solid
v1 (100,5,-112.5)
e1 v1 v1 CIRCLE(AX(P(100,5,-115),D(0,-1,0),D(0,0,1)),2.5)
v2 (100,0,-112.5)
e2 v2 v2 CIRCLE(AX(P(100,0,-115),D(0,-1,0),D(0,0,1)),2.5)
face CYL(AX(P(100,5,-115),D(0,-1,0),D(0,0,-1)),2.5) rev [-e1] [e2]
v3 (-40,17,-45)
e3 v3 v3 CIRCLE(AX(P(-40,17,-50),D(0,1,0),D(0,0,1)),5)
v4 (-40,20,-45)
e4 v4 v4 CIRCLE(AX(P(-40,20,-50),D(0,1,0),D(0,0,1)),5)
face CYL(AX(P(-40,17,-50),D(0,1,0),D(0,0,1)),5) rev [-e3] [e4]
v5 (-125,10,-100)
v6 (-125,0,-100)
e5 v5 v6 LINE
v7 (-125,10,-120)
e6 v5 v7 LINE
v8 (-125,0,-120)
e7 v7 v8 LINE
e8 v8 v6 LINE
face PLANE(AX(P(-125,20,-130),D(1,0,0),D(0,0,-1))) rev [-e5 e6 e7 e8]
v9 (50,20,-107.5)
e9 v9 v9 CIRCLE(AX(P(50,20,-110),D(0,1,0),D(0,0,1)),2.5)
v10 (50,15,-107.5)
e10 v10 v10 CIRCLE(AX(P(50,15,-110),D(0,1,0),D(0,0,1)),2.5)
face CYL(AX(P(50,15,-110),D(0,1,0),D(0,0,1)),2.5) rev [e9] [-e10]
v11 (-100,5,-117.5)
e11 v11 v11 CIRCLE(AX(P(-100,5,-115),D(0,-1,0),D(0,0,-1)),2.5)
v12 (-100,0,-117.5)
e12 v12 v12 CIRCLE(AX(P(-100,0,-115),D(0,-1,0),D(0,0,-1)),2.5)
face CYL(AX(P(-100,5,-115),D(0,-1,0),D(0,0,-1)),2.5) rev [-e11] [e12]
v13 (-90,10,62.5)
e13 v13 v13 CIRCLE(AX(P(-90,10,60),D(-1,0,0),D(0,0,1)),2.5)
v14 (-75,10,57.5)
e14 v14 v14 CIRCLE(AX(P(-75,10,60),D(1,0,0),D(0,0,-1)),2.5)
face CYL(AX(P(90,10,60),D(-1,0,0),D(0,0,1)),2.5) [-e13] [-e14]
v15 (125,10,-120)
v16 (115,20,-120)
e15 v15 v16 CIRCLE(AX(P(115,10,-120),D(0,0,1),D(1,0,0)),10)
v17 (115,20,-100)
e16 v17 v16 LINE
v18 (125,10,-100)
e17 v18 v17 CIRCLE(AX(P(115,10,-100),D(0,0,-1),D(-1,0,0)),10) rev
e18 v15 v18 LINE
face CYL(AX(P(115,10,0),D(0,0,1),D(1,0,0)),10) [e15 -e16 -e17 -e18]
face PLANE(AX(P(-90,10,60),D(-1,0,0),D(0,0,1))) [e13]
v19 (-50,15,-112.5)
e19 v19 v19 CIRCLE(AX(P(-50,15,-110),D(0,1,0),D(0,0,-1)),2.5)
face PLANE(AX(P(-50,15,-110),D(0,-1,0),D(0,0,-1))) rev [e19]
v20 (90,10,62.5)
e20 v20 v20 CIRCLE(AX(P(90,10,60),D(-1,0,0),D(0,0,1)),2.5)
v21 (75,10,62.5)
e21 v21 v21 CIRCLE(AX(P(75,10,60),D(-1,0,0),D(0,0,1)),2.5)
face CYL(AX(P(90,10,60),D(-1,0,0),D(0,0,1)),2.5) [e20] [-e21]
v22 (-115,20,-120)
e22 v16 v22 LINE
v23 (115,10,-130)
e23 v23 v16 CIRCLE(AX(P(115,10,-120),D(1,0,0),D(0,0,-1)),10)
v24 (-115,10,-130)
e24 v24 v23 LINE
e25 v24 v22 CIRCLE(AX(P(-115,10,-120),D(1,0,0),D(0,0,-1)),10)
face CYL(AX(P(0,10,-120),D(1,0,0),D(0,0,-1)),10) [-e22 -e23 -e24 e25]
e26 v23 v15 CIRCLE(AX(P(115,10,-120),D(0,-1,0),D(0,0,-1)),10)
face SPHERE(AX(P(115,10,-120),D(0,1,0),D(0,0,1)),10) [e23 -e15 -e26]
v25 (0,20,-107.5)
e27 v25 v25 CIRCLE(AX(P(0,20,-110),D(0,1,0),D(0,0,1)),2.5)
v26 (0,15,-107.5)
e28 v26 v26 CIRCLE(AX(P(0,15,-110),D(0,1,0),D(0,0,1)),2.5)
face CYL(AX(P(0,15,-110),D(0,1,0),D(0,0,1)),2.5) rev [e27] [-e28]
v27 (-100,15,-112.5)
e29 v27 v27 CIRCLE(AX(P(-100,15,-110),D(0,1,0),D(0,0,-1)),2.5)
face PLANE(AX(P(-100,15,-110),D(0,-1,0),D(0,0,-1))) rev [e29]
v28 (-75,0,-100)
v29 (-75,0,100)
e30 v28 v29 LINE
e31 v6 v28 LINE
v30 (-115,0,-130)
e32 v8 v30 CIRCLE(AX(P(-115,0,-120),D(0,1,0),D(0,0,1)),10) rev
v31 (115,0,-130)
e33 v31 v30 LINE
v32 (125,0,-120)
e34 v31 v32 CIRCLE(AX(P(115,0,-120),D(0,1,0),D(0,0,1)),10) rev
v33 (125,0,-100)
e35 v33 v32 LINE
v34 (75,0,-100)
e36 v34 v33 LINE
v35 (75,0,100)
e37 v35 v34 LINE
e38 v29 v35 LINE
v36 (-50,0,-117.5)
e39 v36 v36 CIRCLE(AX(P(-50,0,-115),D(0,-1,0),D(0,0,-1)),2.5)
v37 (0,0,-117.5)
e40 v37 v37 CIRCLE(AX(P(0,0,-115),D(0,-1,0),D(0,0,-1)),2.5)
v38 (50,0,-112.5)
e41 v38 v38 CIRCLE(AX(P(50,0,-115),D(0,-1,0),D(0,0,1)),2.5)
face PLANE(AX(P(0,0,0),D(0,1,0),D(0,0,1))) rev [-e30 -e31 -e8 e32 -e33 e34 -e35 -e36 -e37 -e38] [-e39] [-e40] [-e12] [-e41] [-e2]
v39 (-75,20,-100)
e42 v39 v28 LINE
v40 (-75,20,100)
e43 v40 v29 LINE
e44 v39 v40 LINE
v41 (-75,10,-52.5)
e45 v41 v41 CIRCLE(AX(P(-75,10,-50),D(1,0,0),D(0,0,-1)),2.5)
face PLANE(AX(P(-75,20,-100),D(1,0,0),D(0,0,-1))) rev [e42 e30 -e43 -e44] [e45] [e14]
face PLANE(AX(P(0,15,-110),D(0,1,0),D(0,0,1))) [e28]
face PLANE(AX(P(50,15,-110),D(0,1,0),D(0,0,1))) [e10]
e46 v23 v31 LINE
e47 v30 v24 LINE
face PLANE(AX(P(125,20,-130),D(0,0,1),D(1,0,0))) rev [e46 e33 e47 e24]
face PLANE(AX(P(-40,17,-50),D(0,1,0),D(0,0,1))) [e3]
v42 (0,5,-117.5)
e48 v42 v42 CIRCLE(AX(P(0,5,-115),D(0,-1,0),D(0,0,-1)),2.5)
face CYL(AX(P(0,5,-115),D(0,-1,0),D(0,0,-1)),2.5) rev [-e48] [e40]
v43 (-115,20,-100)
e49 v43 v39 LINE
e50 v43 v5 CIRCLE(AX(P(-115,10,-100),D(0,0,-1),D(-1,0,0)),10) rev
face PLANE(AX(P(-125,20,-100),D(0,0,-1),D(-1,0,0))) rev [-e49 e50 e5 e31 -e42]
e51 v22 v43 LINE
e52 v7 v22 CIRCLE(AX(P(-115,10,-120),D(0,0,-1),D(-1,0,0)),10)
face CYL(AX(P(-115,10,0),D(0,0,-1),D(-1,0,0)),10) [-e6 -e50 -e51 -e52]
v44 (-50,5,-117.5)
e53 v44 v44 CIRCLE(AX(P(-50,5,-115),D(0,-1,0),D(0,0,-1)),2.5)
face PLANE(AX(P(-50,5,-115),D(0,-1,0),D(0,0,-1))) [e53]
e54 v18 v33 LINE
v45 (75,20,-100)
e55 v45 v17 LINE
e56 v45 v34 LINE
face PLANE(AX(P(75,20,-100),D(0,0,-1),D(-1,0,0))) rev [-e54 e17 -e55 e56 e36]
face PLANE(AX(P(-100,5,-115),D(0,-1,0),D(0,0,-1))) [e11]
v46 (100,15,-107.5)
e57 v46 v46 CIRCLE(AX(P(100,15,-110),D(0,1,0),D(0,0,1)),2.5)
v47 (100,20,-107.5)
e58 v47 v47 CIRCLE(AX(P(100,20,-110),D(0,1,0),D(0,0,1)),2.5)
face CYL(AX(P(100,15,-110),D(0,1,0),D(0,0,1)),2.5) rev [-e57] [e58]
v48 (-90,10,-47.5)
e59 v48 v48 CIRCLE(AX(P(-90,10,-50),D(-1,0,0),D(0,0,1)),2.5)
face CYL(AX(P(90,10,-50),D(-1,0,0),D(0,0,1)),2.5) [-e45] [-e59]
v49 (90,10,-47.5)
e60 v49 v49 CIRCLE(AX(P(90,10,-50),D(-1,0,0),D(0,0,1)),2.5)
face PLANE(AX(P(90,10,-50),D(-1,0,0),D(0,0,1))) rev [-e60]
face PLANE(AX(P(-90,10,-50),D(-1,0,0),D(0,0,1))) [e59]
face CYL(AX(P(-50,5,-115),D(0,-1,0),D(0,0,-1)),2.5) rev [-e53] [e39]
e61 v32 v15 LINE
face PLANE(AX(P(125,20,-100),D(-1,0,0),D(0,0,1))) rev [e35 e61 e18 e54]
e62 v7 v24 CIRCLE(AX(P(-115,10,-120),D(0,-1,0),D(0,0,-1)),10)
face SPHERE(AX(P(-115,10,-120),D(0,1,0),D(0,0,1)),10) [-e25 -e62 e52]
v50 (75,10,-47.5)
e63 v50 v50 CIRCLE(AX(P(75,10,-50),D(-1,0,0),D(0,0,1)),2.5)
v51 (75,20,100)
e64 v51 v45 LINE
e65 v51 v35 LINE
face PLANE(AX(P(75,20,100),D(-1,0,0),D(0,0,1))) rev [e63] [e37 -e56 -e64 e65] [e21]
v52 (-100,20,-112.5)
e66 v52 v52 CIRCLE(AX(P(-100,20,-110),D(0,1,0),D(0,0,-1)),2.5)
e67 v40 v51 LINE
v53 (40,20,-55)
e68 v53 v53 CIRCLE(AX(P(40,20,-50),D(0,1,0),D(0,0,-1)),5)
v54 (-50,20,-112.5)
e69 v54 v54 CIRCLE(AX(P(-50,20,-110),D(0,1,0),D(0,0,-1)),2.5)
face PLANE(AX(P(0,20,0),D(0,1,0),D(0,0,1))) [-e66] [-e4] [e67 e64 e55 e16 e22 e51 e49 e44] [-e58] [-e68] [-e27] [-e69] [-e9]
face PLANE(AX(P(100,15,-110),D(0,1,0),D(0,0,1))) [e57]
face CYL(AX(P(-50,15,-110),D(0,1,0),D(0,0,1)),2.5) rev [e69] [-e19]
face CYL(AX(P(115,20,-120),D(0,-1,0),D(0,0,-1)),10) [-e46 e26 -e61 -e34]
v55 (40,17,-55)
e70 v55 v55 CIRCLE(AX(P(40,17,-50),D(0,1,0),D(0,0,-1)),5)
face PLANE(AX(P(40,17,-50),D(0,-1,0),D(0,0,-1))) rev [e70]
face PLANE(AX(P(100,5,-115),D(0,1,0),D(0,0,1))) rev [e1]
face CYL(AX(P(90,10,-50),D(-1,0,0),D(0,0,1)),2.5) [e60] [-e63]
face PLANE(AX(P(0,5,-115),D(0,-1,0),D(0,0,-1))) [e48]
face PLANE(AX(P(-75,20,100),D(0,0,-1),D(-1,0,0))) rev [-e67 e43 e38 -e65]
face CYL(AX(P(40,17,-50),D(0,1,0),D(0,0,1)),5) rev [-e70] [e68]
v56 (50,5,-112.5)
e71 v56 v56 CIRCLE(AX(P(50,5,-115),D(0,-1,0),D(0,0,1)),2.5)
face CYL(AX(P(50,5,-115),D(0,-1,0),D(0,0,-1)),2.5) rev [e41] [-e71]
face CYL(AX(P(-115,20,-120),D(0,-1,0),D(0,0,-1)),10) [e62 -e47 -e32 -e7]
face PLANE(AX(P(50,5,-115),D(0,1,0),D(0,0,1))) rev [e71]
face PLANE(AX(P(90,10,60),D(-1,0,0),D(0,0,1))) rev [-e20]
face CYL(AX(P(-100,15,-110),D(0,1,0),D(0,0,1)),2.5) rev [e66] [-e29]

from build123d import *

# Parameters (mm, degrees)
BOSS_EXTRUDE1_DEPTH      = 20
SKETCH4_R                = 2.5
CUT_EXTRUDE2_DEPTH       = 5
FILLET1_R                = 10
FILLET2_R                = 10
SKETCH6_R                = 2.5
CUT_EXTRUDE3_DEPTH       = 5
SKETCH8_R                = 5
CUT_EXTRUDE5_DEPTH       = 3
BOSS_EXTRUDE2_DEPTH      = 15
BOSS_EXTRUDE2_DEPTH_BACK = 165
SKETCH2_R                = 2.5


with BuildPart() as part:
    # Sketch1 → Boss-Extrude1 (new body)
    with BuildSketch(Plane(origin=(0, 0, 0), x_dir=(1, 0, 0), z_dir=(0, 1, 0))):
        Polygon((-75, -100), (75, -100), (75, 100), (125, 100), (125, 130), (-125, 130), (-125, 100), (-75, 100), align=None)
    extrude(amount=BOSS_EXTRUDE1_DEPTH)

    # Sketch4 → Cut-Extrude2 (cut)
    with BuildSketch(Plane.XZ):
        with Locations(Location((-100, -115, 0), (0, 0, 270))):
            Circle(SKETCH4_R)
        with Locations(Location((-50, -115, 0), (0, 0, 270))):
            Circle(SKETCH4_R)
        with Locations(Location((0, -115, 0), (0, 0, 270))):
            Circle(SKETCH4_R)
        with Locations(Location((50, -115, 0), (0, 0, 90))):
            Circle(SKETCH4_R)
        with Locations(Location((100, -115, 0), (0, 0, 90))):
            Circle(SKETCH4_R)
    extrude(amount=-CUT_EXTRUDE2_DEPTH, mode=Mode.SUBTRACT)

    # Fillet1
    fillet1_edges = [part.edges().sort_by_distance(p)[0] for p in [
        (-125, 10, -130),
        (125, 10, -130),
    ]]
    fillet(fillet1_edges, radius=FILLET1_R)

    # Fillet2
    fillet2_edges = [part.edges().sort_by_distance(p)[0] for p in [
        (125, 20, -110),
        (0, 20, -130),
        (-125, 20, -110),
        (-122.071067812, 20, -127.071067812),
        (122.071067812, 20, -127.071067812),
    ]]
    fillet(fillet2_edges, radius=FILLET2_R)

    # Sketch6 → Cut-Extrude3 (cut)
    with BuildSketch(Plane(origin=(0, 20, 0), x_dir=(1, 0, 0), z_dir=(0, 1, 0))):
        with Locations(Location((0, 110, 0), (0, 0, 270))):
            Circle(SKETCH6_R)
        with Locations(Location((50, 110, 0), (0, 0, 270))):
            Circle(SKETCH6_R)
        with Locations(Location((100, 110, 0), (0, 0, 270))):
            Circle(SKETCH6_R)
        with Locations(Location((-50, 110, 0), (0, 0, 90))):
            Circle(SKETCH6_R)
        with Locations(Location((-100, 110, 0), (0, 0, 90))):
            Circle(SKETCH6_R)
    extrude(amount=-CUT_EXTRUDE3_DEPTH, mode=Mode.SUBTRACT)

    # Sketch8 → Cut-Extrude5 (cut)
    with BuildSketch(Plane(origin=(0, 20, 0), x_dir=(1, 0, 0), z_dir=(0, 1, 0))):
        with Locations(Location((-40, 50, 0), (0, 0, 270))):
            Circle(SKETCH8_R)
        with Locations(Location((40, 50, 0), (0, 0, 90))):
            Circle(SKETCH8_R)
    extrude(amount=-CUT_EXTRUDE5_DEPTH, mode=Mode.SUBTRACT)

    # Sketch2 → Boss-Extrude2 (add, two sides: drawn at the far end of the back side and taken through both)
    with BuildSketch(Plane.ZY.offset(75).offset(-BOSS_EXTRUDE2_DEPTH_BACK)):
        with Locations((60, 10)):
            Circle(SKETCH2_R)
        with Locations((-50, 10)):
            Circle(SKETCH2_R)
    extrude(amount=BOSS_EXTRUDE2_DEPTH + BOSS_EXTRUDE2_DEPTH_BACK)


solid = part.part
